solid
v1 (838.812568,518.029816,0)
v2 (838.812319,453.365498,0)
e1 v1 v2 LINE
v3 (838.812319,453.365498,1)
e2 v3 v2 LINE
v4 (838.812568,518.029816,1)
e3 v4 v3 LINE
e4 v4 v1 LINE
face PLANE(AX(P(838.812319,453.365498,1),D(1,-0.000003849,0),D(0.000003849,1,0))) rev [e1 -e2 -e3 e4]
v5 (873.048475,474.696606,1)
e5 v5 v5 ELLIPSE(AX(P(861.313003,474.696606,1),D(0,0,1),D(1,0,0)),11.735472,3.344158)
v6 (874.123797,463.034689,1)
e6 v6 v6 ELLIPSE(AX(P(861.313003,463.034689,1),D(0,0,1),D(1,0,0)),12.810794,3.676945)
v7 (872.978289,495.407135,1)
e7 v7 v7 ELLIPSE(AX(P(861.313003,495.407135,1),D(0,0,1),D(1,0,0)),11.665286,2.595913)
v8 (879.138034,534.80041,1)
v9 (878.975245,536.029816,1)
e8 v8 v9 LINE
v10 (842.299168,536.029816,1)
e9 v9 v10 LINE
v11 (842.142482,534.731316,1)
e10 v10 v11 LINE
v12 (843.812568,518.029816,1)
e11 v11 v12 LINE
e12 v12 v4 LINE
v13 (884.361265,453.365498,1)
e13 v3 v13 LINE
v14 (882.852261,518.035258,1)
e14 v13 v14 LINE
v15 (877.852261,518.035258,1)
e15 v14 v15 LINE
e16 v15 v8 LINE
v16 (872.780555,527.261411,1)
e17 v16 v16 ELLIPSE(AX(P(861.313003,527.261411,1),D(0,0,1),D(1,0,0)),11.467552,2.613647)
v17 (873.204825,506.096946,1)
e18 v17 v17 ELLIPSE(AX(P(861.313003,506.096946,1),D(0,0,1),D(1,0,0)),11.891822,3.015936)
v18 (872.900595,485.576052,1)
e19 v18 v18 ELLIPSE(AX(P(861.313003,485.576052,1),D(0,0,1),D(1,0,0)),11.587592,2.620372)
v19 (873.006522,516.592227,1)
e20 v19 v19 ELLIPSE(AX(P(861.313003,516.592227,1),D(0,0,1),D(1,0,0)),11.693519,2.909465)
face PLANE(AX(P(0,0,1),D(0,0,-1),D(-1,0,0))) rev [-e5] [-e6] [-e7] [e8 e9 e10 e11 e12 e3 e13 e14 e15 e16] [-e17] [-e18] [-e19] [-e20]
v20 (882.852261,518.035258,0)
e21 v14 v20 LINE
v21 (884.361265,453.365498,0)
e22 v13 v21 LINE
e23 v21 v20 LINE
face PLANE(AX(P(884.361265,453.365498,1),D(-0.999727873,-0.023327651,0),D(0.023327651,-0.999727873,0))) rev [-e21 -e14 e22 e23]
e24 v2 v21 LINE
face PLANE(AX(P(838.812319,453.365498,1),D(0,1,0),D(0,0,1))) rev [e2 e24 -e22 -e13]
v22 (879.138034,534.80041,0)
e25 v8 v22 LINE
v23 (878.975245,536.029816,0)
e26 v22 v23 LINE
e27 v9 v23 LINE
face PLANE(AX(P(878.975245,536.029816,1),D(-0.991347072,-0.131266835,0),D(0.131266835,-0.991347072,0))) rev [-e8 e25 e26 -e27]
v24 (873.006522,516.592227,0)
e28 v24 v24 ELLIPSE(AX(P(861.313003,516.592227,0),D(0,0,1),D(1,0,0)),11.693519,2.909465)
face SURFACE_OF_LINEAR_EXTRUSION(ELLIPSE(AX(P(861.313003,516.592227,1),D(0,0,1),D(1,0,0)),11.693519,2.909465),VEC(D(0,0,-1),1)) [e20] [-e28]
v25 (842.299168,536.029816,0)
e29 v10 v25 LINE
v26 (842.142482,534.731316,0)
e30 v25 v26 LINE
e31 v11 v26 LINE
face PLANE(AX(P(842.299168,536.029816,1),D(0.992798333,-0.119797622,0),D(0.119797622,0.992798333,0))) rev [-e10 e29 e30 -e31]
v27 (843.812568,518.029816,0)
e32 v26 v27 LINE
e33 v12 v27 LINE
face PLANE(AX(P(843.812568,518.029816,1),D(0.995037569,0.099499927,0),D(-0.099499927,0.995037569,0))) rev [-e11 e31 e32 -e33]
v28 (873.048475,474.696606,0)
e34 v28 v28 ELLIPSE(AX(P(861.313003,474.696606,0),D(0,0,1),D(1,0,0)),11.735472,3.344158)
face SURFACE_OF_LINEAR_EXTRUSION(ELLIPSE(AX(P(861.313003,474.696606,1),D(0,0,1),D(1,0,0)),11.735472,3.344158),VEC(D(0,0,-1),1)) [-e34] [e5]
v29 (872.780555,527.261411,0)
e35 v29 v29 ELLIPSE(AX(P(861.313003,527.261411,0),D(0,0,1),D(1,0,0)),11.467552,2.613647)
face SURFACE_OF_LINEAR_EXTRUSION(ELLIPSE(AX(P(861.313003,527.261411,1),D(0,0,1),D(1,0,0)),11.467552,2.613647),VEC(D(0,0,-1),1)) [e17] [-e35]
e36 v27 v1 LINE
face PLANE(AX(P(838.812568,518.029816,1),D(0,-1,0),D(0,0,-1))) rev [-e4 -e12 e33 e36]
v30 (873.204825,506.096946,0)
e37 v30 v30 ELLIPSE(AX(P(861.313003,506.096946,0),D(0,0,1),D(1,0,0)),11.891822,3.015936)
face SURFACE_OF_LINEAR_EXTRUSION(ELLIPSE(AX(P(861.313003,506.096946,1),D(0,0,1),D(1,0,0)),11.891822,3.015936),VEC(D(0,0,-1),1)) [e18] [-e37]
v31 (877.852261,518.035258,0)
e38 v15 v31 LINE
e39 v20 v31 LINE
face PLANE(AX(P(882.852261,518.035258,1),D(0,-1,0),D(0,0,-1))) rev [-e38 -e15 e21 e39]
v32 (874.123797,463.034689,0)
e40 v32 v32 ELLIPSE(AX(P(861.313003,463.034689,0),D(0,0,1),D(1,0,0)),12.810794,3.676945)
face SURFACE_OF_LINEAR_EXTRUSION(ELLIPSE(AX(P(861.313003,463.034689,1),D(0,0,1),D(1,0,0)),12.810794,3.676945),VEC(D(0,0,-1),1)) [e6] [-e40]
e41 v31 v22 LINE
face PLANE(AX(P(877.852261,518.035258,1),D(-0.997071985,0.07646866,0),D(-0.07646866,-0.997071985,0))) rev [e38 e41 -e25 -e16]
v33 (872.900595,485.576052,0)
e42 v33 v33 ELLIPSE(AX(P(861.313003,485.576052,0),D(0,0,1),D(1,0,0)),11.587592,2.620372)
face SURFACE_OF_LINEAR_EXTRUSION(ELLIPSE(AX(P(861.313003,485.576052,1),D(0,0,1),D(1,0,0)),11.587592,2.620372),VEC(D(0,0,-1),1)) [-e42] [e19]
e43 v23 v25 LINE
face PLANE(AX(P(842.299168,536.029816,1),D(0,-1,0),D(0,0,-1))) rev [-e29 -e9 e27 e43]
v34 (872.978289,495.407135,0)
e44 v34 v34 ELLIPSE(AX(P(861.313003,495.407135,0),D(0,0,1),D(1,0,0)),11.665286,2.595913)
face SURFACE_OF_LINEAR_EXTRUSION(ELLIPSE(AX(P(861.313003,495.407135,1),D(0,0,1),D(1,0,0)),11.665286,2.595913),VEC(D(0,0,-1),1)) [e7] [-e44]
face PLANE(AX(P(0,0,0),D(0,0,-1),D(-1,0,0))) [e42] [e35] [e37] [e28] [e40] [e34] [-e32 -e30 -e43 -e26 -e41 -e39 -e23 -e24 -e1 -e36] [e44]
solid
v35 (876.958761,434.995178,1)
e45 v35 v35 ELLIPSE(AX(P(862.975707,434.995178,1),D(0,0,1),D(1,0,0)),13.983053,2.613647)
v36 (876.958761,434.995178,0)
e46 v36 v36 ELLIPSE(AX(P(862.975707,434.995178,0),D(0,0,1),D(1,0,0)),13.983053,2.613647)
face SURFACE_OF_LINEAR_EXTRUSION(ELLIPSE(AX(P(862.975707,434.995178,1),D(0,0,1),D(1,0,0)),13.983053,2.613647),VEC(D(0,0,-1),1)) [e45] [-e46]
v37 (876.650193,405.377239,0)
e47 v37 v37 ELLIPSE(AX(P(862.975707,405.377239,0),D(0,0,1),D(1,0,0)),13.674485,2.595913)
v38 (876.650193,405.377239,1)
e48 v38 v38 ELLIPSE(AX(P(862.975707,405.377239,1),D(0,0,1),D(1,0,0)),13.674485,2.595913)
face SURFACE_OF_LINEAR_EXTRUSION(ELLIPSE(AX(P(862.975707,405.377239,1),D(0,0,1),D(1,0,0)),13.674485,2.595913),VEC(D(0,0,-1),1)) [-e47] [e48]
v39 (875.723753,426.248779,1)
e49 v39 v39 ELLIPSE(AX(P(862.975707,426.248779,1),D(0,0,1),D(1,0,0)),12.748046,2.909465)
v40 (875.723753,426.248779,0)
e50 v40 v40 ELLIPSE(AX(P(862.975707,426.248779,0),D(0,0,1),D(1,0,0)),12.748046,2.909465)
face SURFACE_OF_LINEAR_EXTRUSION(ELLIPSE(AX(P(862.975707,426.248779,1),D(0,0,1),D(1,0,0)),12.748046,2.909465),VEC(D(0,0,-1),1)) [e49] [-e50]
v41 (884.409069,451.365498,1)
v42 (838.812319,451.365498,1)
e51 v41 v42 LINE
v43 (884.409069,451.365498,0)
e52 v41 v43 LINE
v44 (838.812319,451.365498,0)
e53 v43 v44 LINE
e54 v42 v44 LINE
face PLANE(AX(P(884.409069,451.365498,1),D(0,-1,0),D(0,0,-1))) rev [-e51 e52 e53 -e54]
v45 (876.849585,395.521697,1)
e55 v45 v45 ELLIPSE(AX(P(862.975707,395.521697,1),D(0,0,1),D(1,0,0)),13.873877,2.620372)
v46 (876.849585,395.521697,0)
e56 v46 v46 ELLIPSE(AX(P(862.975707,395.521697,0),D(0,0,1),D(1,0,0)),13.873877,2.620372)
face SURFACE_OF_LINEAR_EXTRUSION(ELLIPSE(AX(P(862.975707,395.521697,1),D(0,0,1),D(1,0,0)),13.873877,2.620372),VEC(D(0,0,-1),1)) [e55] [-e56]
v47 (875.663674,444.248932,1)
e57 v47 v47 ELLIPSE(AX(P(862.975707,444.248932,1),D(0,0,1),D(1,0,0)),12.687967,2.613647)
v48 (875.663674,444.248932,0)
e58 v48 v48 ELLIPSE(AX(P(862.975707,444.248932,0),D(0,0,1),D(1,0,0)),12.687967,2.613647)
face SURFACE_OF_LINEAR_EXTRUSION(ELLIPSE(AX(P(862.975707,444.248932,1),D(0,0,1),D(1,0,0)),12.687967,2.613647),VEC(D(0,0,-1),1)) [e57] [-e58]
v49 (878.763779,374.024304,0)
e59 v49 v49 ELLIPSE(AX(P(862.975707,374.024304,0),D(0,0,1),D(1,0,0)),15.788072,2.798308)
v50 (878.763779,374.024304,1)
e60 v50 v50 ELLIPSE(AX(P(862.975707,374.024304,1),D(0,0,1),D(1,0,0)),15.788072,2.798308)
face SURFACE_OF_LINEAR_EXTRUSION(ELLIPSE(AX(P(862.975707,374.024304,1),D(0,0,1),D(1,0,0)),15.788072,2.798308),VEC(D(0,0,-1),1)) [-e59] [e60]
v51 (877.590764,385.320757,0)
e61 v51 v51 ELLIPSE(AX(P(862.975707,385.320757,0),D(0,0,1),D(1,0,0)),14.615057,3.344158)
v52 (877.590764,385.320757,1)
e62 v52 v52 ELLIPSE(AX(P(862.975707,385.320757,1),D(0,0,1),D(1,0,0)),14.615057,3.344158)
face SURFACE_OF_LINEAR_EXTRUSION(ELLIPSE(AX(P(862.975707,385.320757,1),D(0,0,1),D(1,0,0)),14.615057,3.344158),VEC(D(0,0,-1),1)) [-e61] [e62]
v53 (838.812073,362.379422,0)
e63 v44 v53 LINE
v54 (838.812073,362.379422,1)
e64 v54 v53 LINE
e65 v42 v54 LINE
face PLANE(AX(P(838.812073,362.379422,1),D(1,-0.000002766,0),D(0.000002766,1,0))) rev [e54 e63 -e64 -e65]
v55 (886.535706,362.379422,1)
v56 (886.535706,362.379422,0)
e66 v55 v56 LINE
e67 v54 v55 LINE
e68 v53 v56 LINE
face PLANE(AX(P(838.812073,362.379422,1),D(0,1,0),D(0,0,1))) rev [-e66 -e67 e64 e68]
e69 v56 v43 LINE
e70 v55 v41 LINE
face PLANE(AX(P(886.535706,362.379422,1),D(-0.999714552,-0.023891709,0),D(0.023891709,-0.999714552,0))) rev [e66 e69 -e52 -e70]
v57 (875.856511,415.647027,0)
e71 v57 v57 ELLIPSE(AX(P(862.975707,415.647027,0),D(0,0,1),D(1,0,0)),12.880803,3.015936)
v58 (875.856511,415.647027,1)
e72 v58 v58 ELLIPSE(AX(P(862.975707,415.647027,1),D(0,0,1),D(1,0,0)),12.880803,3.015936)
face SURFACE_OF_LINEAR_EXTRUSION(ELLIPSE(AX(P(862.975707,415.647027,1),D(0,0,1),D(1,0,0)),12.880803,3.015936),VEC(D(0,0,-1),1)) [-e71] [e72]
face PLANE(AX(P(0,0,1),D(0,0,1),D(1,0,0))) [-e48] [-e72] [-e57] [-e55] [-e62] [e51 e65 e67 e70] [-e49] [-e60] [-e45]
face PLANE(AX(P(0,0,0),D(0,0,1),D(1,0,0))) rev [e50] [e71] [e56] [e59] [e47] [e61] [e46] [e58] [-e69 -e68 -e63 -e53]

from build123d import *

# Parameters (mm, degrees)
MODEL_RX          = 12.810793527
MODEL_RY          = 3.676944785
MODEL_RX_2        = 11.73547223
MODEL_RY_2        = 3.344158456
MODEL_RX_3        = 11.587591631
MODEL_RY_3        = 2.620371998
MODEL_RX_4        = 11.665285619
MODEL_RY_4        = 2.595913441
MODEL_RX_5        = 11.891821935
MODEL_RY_5        = 3.015935615
MODEL_RX_6        = 11.693519243
MODEL_RY_6        = 2.909465442
MODEL_RX_7        = 11.467552114
MODEL_RY_7        = 2.613646551
EXTRUDE_1_DEPTH   = 1
MODEL_RX_8        = 15.788071885
MODEL_RY_8        = 2.798308389
MODEL_RX_9        = 14.615056558
MODEL_RX_10       = 13.873877308
MODEL_RX_11       = 13.674485311
MODEL_RX_12       = 12.880803494
MODEL_RX_13       = 12.748045597
MODEL_RX_14       = 13.98305321
MODEL_RX_15       = 12.687966957
EXTRUDE_1_2_DEPTH = 1


with BuildPart() as part:
    # Model → 凸台-拉伸1 (new body)
    with BuildSketch(Plane.XY):
        Polygon((838.812318942, 453.365497759), (884.3612651, 453.365497759), (882.852260835, 518.035258225), (877.852260835, 518.035258225), (879.138034268, 534.800409711), (878.975245436, 536.029815694), (842.299167643, 536.029815694), (842.142482059, 534.731315909), (843.812567805, 518.029815692), (838.812567805, 518.029815692), align=None)
        with Locations((861.31300321, 463.03468948)):
            Ellipse(MODEL_RX, MODEL_RY, mode=Mode.SUBTRACT)
        with Locations((861.31300321, 474.696606348)):
            Ellipse(MODEL_RX_2, MODEL_RY_2, mode=Mode.SUBTRACT)
        with Locations((861.31300321, 485.576051895)):
            Ellipse(MODEL_RX_3, MODEL_RY_3, mode=Mode.SUBTRACT)
        with Locations((861.31300321, 495.407135251)):
            Ellipse(MODEL_RX_4, MODEL_RY_4, mode=Mode.SUBTRACT)
        with Locations((861.31300321, 506.096945682)):
            Ellipse(MODEL_RX_5, MODEL_RY_5, mode=Mode.SUBTRACT)
        with Locations((861.31300321, 516.592227033)):
            Ellipse(MODEL_RX_6, MODEL_RY_6, mode=Mode.SUBTRACT)
        with Locations((861.31300321, 527.261411301)):
            Ellipse(MODEL_RX_7, MODEL_RY_7, mode=Mode.SUBTRACT)
    extrude(amount=EXTRUDE_1_DEPTH)


with BuildPart() as body_2:
    # Model → Extrude 1 2 (new body)
    with BuildSketch(Plane.XY):
        Polygon((838.812072799, 362.379421788), (838.812318942, 451.365497759), (884.409069415, 451.365497759), (886.535705871, 362.379421788), align=None)
        with Locations((862.975707439, 374.024304205)):
            Ellipse(MODEL_RX_8, MODEL_RY_8, mode=Mode.SUBTRACT)
        with Locations((862.975707439, 385.32075675)):
            Ellipse(MODEL_RX_9, MODEL_RY_2, mode=Mode.SUBTRACT)
        with Locations((862.975707439, 395.521697164)):
            Ellipse(MODEL_RX_10, MODEL_RY_3, mode=Mode.SUBTRACT)
        with Locations((862.975707439, 405.377239078)):
            Ellipse(MODEL_RX_11, MODEL_RY_4, mode=Mode.SUBTRACT)
        with Locations((862.975707439, 415.647027334)):
            Ellipse(MODEL_RX_12, MODEL_RY_5, mode=Mode.SUBTRACT)
        with Locations((862.975707439, 426.248778858)):
            Ellipse(MODEL_RX_13, MODEL_RY_6, mode=Mode.SUBTRACT)
        with Locations((862.975707439, 434.995178452)):
            Ellipse(MODEL_RX_14, MODEL_RY_7, mode=Mode.SUBTRACT)
        with Locations((862.975707439, 444.248932304)):
            Ellipse(MODEL_RX_15, MODEL_RY_7, mode=Mode.SUBTRACT)
    extrude(amount=EXTRUDE_1_2_DEPTH)


solid = Compound([part.part, body_2.part])
